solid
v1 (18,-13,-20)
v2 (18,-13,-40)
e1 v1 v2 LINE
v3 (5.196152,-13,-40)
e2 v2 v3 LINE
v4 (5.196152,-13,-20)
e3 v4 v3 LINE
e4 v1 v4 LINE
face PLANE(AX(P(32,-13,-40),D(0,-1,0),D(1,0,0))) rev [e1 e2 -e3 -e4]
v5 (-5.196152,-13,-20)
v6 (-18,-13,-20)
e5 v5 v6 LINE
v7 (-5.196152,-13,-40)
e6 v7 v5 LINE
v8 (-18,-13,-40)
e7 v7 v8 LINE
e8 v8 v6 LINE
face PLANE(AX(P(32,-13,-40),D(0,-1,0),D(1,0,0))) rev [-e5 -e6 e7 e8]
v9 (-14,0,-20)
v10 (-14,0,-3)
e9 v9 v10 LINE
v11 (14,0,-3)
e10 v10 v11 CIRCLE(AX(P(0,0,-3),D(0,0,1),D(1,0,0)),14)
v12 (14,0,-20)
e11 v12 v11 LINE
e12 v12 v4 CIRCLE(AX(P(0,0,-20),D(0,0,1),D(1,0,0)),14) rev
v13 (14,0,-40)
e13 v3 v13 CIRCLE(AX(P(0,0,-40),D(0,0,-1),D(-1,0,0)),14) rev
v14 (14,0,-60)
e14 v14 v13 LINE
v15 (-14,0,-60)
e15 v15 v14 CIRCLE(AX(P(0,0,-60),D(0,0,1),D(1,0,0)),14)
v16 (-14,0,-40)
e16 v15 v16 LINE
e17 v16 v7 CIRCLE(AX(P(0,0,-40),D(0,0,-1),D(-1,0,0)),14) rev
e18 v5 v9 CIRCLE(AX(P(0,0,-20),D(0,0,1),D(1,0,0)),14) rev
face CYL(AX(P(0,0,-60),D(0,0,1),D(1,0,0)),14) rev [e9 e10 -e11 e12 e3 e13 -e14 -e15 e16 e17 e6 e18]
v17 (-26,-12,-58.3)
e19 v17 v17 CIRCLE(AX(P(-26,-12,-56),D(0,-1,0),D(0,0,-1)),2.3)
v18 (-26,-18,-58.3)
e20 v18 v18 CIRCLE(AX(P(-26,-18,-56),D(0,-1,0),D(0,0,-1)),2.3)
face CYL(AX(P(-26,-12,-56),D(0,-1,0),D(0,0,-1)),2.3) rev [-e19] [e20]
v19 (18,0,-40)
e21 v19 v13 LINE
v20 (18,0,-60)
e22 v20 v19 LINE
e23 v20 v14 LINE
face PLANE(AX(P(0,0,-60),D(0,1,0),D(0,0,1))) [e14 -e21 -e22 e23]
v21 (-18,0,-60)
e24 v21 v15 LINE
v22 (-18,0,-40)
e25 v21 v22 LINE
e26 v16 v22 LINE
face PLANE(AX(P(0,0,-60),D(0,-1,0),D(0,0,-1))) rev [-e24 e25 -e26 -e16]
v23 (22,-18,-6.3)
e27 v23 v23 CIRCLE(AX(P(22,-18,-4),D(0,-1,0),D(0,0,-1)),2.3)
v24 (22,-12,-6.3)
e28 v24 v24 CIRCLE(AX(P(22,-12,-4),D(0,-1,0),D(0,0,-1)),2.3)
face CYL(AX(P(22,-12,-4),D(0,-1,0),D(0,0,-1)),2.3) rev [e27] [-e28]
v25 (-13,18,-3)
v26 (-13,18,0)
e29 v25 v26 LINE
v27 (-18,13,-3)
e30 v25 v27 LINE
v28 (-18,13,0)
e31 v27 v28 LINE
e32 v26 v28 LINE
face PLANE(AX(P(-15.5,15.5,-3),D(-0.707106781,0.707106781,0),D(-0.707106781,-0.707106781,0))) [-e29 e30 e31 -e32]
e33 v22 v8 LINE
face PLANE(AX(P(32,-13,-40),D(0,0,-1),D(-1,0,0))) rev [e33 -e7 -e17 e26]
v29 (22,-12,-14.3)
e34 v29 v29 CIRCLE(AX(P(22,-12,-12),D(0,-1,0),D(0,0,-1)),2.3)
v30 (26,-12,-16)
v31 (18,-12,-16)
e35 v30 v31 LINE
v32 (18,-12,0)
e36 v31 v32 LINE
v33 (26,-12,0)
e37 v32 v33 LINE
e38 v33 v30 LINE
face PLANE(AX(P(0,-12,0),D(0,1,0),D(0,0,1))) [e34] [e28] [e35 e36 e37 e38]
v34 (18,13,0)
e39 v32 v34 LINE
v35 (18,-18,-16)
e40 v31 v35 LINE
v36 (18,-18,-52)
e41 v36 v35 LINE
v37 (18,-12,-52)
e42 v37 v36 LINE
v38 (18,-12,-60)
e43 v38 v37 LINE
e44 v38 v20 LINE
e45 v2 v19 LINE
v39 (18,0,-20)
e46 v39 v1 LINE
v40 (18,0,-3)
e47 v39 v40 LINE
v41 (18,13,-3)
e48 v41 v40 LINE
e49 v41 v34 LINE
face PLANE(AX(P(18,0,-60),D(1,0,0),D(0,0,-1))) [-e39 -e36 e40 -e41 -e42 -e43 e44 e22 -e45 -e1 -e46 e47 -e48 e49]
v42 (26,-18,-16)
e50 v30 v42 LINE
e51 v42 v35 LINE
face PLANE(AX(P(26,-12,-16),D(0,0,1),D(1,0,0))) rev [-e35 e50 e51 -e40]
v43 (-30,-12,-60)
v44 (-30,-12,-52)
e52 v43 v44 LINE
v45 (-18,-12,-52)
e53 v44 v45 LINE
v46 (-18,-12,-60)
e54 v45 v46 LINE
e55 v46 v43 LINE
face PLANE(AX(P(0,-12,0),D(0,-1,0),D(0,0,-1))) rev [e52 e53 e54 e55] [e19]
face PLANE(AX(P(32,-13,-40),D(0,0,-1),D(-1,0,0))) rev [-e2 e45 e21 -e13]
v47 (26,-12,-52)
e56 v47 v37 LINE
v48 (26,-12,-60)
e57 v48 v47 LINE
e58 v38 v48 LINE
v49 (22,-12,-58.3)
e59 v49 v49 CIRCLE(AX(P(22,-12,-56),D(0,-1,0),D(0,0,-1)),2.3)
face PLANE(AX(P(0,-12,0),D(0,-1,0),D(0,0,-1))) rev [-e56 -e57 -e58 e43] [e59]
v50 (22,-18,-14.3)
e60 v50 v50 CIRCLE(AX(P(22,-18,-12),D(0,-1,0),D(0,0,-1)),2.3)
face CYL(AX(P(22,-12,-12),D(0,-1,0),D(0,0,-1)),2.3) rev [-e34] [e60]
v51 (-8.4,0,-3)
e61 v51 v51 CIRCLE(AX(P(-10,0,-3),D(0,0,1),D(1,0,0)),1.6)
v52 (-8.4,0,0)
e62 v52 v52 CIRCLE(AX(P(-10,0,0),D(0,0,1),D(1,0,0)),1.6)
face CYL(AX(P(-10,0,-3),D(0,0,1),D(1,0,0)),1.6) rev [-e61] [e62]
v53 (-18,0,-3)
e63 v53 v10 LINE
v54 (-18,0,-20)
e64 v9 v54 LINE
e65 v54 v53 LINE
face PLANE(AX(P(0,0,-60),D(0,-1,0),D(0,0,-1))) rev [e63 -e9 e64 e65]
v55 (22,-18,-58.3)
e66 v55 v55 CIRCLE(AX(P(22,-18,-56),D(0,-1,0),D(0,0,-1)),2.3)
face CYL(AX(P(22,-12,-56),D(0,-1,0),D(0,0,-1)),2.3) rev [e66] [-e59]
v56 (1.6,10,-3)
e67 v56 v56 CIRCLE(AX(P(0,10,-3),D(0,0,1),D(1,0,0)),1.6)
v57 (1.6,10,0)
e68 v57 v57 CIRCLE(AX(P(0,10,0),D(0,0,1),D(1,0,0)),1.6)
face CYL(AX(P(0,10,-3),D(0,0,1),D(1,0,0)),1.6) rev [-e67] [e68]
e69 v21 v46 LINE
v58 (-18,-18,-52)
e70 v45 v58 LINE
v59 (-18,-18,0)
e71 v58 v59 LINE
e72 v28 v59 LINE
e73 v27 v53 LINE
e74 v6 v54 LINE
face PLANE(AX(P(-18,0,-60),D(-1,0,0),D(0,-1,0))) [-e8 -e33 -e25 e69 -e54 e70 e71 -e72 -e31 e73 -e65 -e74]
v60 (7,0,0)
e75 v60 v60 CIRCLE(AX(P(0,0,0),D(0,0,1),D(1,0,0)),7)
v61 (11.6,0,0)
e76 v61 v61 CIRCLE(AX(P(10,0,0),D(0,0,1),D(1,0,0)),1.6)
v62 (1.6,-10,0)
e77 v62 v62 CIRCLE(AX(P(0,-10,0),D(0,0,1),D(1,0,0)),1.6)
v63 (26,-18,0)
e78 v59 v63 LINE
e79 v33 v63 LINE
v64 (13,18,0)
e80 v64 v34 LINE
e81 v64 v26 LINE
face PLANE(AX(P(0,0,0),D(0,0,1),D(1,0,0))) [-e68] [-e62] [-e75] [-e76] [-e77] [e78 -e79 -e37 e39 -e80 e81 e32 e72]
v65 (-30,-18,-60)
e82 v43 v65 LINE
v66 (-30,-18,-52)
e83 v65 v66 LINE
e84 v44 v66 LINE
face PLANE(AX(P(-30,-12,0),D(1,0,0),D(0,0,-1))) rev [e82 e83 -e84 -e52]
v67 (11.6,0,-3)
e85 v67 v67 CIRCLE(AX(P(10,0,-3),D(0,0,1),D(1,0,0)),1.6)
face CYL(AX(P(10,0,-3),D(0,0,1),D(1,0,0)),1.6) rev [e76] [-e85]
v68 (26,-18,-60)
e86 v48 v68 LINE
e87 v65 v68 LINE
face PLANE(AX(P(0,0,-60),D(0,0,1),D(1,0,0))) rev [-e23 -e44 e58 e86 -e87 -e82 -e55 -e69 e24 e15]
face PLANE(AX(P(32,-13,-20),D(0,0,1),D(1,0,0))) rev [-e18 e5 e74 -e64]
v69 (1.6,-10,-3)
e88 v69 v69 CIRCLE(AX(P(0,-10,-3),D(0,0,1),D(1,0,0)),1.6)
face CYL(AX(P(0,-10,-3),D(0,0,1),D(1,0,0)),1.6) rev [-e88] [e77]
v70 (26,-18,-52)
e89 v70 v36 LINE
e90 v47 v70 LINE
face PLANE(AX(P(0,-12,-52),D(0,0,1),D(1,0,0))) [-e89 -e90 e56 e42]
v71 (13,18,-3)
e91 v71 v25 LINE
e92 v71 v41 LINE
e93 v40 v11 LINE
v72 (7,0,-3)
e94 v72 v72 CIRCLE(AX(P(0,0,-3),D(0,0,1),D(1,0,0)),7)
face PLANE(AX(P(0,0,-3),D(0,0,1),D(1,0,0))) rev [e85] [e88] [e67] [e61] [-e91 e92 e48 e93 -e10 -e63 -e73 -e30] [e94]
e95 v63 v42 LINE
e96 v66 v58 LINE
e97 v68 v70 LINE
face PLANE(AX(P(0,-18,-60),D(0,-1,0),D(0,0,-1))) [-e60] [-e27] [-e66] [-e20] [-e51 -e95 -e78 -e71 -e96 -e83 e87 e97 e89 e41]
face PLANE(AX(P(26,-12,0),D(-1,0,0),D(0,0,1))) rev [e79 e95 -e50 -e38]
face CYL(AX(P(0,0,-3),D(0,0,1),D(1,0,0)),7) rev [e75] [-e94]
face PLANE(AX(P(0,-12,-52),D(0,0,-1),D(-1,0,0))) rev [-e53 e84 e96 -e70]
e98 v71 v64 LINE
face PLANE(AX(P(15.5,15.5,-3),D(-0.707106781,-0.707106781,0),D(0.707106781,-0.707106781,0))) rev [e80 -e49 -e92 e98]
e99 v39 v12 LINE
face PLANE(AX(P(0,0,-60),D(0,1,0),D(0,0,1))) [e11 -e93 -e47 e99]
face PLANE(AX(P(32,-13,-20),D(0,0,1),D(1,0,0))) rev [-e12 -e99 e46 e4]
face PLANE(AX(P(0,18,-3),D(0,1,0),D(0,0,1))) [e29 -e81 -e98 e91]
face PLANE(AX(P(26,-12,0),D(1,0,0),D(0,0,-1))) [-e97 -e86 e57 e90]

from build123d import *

# Parameters (mm, degrees)
BOSS_EXTRU_1_DEPTH      = 60
ESQUISSE1_3_R           = 1.6
ESQUISSE1_3_R_2         = 7
BOSS_EXTRU_2_DEPTH      = 3
ENL_V_MAT_EXTRU_2_DEPTH = 50
ESQUISSE2_W             = 8
ESQUISSE2_H             = 8
ESQUISSE2_R             = 2.3
ESQUISSE2_H_2           = 16
ESQUISSE2_W_2           = 12
BOSS_EXTRU_4_DEPTH      = 6


with BuildPart() as part:
    # Esquisse1 → Boss.-Extru.1 (new body)
    with BuildSketch(Plane.XY):
        with BuildLine():
            Line((-18, -18), (18, -18))
            Line((18, -18), (18, 0))
            Line((18, 0), (14, 0))
            ThreePointArc((14, 0), (0, -14), (-14, 0))
            Line((-14, 0), (-18, 0))
            Line((-18, 0), (-18, -18))
        make_face()
    extrude(amount=-BOSS_EXTRU_1_DEPTH)

    # Esquisse1<3> → Boss.-Extru.2 (add)
    with BuildSketch(Plane.XY):
        with BuildLine():
            Line((14, 0), (18, 0))
            Line((18, 0), (18, 13))
            Line((18, 13), (13, 18))
            Line((13, 18), (-13, 18))
            Line((-13, 18), (-18, 13))
            Line((-18, 13), (-18, 0))
            Line((-18, 0), (-14, 0))
            ThreePointArc((-14, 0), (0, -14), (14, 0))
        make_face()
        with Locations((0, 10)):
            Circle(ESQUISSE1_3_R, mode=Mode.SUBTRACT)
        with Locations((0, -10)):
            Circle(ESQUISSE1_3_R, mode=Mode.SUBTRACT)
        with Locations((-10, 0)):
            Circle(ESQUISSE1_3_R, mode=Mode.SUBTRACT)
        Circle(ESQUISSE1_3_R_2, mode=Mode.SUBTRACT)
        with Locations((10, 0)):
            Circle(ESQUISSE1_3_R, mode=Mode.SUBTRACT)
    extrude(amount=-BOSS_EXTRU_2_DEPTH)

    # Esquisse3 → Enlèv. mat.-Extru.2 (cut)
    with BuildSketch(Plane.ZY.offset(18)):
        Polygon((-30, 0), (-20, 0), (-20, -13), (-40, -13), (-40, 0), align=None)
    extrude(amount=-ENL_V_MAT_EXTRU_2_DEPTH, mode=Mode.SUBTRACT)

    # Esquisse2 → Boss.-Extru.4 (add)
    # profile 1 of 3: a face of its own
    with BuildSketch(Plane.XZ.offset(18)):
        with Locations((22, -56)):
            Rectangle(ESQUISSE2_W, ESQUISSE2_H)
        with Locations((22, -56)):
            Circle(ESQUISSE2_R, mode=Mode.SUBTRACT)
    # profile 2 of 3: a face of its own
    with BuildSketch(Plane.XZ.offset(18)):
        with Locations((22, -8)):
            Rectangle(ESQUISSE2_W, ESQUISSE2_H_2)
        with Locations((22, -12)):
            Circle(ESQUISSE2_R, mode=Mode.SUBTRACT)
        with Locations((22, -4)):
            Circle(ESQUISSE2_R, mode=Mode.SUBTRACT)
    # profile 3 of 3: a face of its own
    with BuildSketch(Plane.XZ.offset(18)):
        with Locations((-24, -56)):
            Rectangle(ESQUISSE2_W_2, ESQUISSE2_H)
        with Locations((-26, -56)):
            Circle(ESQUISSE2_R, mode=Mode.SUBTRACT)
    extrude(amount=-BOSS_EXTRU_4_DEPTH)


solid = part.part
